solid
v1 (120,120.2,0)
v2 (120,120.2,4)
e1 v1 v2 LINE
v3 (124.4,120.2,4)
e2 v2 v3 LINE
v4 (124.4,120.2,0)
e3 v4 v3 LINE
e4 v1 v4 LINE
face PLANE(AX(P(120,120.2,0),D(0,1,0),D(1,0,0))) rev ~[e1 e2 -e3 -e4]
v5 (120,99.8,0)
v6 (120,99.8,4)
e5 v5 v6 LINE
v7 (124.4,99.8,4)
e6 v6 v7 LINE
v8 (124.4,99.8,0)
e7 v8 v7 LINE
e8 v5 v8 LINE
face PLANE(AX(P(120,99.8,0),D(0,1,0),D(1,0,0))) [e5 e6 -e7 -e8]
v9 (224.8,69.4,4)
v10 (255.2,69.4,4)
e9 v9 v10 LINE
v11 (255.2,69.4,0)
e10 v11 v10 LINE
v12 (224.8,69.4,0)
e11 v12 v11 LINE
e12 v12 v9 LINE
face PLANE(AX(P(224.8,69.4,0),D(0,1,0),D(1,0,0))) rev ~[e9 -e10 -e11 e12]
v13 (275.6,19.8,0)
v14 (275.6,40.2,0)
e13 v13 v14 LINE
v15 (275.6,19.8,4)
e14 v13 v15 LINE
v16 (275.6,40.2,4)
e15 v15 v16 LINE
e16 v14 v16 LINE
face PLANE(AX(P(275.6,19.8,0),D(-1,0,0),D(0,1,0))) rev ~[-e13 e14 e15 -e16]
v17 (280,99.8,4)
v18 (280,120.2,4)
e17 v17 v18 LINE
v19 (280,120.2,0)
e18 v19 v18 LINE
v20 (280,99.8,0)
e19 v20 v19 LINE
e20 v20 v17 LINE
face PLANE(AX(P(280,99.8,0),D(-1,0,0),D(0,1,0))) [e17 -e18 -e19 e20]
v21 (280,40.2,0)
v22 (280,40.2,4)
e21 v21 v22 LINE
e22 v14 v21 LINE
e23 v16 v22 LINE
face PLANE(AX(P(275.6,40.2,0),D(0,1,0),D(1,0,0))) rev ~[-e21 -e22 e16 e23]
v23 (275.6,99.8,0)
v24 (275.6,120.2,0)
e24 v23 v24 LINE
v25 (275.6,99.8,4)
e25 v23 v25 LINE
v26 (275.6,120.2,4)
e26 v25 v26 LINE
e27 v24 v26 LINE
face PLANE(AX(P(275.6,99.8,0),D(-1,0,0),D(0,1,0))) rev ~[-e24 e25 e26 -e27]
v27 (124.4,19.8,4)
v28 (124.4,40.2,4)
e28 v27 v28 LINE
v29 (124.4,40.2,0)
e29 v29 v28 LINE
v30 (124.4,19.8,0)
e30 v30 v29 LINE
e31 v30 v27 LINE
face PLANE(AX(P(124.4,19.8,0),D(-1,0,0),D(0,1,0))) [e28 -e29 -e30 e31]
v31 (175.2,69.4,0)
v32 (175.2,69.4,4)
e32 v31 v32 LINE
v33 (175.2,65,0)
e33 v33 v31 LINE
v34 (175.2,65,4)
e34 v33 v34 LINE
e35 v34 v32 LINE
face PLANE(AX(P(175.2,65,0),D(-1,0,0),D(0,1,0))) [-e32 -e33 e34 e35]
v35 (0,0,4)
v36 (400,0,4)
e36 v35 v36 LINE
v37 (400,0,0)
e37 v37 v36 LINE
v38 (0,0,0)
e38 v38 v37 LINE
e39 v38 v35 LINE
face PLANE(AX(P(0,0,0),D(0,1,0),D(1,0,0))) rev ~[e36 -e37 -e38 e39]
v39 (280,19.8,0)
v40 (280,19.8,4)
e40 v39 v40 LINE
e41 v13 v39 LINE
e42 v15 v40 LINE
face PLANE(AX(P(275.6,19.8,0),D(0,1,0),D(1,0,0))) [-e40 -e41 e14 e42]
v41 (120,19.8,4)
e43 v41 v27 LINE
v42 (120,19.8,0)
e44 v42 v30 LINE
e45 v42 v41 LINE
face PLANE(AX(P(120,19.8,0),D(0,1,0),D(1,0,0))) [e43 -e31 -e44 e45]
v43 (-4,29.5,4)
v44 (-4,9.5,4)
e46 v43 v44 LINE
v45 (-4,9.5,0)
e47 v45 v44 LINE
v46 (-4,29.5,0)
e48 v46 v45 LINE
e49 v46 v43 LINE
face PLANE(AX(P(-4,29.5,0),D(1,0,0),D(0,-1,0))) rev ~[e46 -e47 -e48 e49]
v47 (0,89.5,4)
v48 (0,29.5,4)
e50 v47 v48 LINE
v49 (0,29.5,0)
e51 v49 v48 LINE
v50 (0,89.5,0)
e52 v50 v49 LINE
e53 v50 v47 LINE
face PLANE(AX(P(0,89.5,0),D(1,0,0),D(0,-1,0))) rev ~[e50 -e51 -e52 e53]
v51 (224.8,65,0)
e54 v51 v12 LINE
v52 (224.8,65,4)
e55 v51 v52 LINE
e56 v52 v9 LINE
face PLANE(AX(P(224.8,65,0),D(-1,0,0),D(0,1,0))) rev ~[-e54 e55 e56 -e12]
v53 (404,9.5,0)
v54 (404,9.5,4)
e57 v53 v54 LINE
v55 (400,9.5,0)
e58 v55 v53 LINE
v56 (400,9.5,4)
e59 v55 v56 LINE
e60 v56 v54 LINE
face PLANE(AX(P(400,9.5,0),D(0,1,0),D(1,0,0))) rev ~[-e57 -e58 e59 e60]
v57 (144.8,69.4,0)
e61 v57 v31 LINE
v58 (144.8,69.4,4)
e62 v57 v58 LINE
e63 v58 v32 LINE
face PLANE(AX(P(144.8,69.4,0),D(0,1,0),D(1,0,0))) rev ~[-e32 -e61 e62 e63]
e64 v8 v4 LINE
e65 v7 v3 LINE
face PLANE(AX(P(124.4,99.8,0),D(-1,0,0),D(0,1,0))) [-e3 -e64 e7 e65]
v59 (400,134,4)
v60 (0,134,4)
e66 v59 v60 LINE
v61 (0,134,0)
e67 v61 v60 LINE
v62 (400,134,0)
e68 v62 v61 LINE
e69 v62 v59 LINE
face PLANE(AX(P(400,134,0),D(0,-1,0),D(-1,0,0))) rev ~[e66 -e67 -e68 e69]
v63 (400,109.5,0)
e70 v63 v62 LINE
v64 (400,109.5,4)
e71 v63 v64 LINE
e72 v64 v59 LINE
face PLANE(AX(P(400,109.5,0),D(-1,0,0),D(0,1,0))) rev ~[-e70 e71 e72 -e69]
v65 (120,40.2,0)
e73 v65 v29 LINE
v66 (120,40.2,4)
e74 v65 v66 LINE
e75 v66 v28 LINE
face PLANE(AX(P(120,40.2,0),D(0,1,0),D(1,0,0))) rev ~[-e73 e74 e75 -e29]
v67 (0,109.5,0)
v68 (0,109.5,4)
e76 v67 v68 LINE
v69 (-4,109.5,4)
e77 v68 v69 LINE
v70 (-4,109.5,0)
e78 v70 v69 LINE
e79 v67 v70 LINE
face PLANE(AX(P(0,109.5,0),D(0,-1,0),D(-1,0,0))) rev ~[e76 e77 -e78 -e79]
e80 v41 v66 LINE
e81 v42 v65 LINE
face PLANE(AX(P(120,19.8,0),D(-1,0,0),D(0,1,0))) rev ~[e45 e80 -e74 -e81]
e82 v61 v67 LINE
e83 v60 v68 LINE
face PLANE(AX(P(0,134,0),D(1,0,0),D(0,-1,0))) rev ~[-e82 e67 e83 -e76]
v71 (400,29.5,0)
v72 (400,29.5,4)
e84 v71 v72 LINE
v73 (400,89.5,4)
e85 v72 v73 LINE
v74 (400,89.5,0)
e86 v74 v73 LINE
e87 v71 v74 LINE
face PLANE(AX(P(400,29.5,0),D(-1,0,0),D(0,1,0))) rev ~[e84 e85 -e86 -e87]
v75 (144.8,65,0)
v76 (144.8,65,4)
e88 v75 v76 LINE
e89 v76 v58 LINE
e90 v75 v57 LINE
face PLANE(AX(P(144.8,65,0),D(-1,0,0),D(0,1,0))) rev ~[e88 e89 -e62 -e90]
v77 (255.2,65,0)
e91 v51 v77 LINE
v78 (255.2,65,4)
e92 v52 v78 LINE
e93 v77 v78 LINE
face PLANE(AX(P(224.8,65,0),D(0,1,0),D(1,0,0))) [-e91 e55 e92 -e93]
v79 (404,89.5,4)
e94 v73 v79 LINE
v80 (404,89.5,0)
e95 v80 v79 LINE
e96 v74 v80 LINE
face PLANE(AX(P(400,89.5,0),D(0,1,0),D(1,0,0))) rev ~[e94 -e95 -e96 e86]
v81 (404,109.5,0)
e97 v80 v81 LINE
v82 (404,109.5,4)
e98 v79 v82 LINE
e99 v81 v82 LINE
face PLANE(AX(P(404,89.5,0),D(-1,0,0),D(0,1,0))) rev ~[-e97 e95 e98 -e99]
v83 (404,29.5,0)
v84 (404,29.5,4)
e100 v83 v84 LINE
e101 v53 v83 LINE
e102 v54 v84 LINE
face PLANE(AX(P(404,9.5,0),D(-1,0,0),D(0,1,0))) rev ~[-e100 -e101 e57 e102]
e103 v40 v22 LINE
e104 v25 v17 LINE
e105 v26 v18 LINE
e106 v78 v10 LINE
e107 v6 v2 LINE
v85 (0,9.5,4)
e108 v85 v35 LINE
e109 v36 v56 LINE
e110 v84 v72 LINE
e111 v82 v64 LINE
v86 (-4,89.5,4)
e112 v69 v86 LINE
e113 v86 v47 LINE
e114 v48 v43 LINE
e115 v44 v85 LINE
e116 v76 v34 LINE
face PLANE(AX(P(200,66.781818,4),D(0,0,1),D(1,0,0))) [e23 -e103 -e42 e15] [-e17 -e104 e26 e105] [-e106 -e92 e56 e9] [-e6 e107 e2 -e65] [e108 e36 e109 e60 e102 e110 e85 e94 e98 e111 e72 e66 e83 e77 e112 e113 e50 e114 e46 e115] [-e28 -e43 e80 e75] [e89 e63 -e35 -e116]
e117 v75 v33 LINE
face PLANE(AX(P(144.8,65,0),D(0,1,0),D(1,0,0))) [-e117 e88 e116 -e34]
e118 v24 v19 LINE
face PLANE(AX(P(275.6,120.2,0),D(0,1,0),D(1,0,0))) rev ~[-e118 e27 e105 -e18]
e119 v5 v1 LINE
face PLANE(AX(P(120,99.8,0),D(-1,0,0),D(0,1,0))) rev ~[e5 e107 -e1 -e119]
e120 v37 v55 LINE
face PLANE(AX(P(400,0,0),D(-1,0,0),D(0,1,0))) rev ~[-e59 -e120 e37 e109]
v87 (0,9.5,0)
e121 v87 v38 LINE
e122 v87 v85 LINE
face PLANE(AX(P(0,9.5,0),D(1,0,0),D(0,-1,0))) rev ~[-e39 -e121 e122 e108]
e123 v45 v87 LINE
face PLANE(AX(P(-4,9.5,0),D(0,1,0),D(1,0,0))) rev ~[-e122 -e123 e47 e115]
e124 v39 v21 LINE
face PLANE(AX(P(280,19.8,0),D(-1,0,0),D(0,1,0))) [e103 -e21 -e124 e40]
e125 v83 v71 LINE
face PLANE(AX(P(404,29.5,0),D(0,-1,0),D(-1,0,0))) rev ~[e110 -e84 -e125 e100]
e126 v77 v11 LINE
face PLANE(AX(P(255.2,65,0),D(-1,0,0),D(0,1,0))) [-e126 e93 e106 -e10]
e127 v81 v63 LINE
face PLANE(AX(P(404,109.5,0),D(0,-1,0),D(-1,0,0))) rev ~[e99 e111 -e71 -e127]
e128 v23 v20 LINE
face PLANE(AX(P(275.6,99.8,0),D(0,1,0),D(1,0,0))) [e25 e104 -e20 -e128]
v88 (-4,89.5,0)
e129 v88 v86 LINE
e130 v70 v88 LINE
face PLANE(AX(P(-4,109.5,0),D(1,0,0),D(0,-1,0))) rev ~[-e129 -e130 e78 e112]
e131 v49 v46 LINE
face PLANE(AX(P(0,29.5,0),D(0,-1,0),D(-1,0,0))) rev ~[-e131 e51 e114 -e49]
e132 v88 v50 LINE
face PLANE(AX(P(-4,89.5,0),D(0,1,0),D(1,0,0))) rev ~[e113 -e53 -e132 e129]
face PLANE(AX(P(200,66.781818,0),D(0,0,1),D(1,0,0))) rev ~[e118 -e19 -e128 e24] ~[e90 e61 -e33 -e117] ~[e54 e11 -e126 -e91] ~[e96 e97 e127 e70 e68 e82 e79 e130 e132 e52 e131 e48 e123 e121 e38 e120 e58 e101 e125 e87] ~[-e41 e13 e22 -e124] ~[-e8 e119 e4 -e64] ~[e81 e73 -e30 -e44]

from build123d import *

# Parameters (mm, degrees)
SKETCH_1_W      = 4.4
SKETCH_1_H      = 20.4
SKETCH_1_W_2    = 30.4
SKETCH_1_H_2    = 4.4
EXTRUDE_1_DEPTH = 4


with BuildPart() as part:
    # Эскиз1 → Бобышка-Вытянуть1 (new body)
    with BuildSketch(Plane.XY):
        Polygon((0, 9.5), (0, 0), (400, 0), (400, 9.5), (404, 9.5), (404, 29.5), (400, 29.5), (400, 89.5), (404, 89.5), (404, 109.5), (400, 109.5), (400, 134), (0, 134), (0, 109.5), (-4, 109.5), (-4, 89.5), (0, 89.5), (0, 29.5), (-4, 29.5), (-4, 9.5), align=None)
        with Locations((122.2, 30)):
            Rectangle(SKETCH_1_W, SKETCH_1_H, mode=Mode.SUBTRACT)
        with Locations((277.8, 30)):
            Rectangle(SKETCH_1_W, SKETCH_1_H, mode=Mode.SUBTRACT)
        with Locations((160, 67.2)):
            Rectangle(SKETCH_1_W_2, SKETCH_1_H_2, mode=Mode.SUBTRACT)
        with Locations((122.2, 110)):
            Rectangle(SKETCH_1_W, SKETCH_1_H, mode=Mode.SUBTRACT)
        with Locations((240, 67.2)):
            Rectangle(SKETCH_1_W_2, SKETCH_1_H_2, mode=Mode.SUBTRACT)
        with Locations((277.8, 110)):
            Rectangle(SKETCH_1_W, SKETCH_1_H, mode=Mode.SUBTRACT)
    extrude(amount=EXTRUDE_1_DEPTH)


solid = part.part
